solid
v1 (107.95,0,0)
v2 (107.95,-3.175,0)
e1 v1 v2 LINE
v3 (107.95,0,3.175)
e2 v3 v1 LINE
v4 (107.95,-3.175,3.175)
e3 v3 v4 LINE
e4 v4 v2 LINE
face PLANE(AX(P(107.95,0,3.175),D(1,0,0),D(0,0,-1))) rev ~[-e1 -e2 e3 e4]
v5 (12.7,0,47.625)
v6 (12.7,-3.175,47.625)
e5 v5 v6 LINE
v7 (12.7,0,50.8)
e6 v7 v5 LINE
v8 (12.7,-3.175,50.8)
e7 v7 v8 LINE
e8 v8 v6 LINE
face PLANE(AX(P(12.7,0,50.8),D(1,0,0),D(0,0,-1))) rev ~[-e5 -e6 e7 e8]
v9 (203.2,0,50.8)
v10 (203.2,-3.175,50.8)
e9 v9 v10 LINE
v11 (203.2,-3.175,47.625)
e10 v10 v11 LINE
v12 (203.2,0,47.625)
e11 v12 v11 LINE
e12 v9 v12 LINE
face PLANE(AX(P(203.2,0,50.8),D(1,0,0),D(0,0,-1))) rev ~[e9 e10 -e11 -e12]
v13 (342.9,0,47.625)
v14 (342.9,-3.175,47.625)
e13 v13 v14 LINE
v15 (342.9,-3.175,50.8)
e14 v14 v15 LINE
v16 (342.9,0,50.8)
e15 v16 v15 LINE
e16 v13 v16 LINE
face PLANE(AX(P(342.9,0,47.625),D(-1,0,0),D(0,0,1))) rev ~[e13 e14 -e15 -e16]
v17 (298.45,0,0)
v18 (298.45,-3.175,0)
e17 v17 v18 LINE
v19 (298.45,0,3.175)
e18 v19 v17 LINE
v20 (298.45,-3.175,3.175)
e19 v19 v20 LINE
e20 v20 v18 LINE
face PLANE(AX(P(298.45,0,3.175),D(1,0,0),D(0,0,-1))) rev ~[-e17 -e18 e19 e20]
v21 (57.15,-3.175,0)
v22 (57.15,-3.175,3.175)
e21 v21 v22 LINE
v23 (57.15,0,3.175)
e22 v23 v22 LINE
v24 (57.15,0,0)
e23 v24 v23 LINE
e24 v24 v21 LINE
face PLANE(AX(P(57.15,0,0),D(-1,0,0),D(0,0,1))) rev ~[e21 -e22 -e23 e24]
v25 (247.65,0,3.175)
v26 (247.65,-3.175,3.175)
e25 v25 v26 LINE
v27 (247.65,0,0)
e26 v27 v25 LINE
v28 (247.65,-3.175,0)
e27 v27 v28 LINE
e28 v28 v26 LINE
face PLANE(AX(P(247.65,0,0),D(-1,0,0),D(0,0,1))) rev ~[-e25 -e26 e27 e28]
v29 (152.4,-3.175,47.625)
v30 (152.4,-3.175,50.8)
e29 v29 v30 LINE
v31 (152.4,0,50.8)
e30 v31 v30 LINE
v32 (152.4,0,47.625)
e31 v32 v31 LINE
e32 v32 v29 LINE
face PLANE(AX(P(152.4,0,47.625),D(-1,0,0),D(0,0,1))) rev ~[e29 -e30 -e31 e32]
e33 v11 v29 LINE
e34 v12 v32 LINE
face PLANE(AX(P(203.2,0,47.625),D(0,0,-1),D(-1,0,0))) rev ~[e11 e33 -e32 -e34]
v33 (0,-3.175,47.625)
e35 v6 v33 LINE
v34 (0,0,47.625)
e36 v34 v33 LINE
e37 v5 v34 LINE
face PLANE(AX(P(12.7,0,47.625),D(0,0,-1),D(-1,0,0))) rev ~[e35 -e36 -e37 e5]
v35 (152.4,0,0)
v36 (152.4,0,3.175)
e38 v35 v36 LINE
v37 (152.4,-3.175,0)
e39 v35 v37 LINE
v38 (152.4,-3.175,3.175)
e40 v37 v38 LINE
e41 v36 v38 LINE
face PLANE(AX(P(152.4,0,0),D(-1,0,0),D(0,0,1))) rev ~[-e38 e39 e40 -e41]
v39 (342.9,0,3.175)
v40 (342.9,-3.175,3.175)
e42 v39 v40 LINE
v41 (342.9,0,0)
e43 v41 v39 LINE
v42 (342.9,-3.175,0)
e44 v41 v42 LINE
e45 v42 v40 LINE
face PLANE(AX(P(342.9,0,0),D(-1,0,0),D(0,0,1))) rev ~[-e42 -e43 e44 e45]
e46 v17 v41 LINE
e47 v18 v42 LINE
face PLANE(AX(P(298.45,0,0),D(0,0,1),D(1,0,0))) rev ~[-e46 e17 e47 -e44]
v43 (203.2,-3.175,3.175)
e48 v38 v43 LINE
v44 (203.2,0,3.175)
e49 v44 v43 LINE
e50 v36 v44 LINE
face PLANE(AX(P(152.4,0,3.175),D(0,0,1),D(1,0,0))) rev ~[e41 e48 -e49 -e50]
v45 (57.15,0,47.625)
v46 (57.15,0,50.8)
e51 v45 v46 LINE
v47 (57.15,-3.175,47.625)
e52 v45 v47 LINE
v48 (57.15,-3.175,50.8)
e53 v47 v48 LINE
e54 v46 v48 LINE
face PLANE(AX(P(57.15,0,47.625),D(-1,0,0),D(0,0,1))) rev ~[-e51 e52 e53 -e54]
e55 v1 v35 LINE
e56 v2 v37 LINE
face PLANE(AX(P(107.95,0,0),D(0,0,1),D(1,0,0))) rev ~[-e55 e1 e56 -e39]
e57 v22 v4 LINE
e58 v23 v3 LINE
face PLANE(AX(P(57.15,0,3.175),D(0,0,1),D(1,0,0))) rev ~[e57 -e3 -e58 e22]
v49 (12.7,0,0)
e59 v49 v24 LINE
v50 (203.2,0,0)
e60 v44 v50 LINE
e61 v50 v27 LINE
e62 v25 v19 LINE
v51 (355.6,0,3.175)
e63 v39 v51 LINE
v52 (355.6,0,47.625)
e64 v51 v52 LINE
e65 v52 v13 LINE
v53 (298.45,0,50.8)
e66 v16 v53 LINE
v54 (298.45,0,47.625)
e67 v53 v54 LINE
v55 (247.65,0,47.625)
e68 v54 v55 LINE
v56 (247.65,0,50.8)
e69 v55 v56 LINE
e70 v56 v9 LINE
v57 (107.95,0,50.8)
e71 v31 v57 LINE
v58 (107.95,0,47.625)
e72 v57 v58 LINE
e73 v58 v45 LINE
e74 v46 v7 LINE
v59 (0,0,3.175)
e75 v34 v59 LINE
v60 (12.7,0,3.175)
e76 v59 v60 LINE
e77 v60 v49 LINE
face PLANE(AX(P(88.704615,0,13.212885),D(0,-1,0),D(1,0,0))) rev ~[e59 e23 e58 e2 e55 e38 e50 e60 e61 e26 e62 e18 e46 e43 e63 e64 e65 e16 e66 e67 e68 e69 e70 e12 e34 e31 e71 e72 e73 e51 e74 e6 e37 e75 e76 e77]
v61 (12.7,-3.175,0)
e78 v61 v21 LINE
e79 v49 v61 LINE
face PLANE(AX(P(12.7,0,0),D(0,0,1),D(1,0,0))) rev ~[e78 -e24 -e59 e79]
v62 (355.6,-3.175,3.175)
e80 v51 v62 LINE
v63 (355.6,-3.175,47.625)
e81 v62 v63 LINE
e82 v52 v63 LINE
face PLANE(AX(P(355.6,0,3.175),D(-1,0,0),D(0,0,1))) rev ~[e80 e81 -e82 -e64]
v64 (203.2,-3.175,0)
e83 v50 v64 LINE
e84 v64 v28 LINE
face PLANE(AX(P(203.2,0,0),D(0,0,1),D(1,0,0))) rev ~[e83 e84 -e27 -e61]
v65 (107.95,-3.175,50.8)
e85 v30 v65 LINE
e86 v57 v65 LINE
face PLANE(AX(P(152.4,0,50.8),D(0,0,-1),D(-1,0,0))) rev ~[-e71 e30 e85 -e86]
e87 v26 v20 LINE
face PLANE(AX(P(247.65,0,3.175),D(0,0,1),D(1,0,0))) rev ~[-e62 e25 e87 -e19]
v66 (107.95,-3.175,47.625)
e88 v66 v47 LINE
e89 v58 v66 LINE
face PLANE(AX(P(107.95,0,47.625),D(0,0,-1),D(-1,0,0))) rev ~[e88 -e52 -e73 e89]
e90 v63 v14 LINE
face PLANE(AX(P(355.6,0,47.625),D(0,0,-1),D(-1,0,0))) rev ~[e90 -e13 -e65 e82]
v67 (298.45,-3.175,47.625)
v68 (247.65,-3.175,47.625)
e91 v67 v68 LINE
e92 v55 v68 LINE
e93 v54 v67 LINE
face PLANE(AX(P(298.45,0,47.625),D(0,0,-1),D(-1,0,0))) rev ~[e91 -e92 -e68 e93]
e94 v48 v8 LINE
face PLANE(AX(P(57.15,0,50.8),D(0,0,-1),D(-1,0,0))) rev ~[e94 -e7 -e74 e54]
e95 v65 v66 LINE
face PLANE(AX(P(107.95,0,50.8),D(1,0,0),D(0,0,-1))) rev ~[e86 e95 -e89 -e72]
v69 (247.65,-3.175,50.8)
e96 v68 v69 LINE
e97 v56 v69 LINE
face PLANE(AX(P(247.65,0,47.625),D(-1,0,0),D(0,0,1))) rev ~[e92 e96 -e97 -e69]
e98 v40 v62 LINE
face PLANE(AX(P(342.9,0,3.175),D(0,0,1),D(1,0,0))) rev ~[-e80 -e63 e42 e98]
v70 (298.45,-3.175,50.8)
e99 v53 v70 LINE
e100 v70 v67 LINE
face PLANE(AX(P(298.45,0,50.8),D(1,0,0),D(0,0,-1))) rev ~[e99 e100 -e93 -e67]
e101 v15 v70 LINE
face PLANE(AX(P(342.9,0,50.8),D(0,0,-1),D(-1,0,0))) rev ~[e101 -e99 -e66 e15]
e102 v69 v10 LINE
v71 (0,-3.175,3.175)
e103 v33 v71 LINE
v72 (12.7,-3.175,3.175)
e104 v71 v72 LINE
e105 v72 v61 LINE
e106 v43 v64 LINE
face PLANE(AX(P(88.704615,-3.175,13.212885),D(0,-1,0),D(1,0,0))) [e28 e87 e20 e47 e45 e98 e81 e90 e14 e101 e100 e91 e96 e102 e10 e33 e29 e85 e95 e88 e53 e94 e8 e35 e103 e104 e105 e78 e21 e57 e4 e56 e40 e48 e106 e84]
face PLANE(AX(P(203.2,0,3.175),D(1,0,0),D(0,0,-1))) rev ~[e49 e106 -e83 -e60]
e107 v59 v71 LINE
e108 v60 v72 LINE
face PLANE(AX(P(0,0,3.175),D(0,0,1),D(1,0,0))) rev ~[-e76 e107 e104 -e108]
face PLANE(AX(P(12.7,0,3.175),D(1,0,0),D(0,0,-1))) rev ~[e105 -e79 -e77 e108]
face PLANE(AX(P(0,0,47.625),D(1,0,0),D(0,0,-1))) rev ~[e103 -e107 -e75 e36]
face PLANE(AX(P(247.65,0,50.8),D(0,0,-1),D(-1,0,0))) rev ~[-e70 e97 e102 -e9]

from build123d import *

# Parameters (mm, degrees)
F1_DEPTH = 3.175


with BuildPart() as f1:
    # F0 (on Front) → F1 (new body)
    with BuildSketch(Plane.XZ):
        Polygon((12.7, 3.175), (12.7, 0), (57.15, 0), (57.15, 3.175), (107.95, 3.175), (107.95, 0), (152.4, 0), (152.4, 3.175), (177.8, 3.175), (177.8, 25.4), (0, 25.4), (0, 3.175), align=None)
        Polygon((0, 47.625), (0, 25.4), (177.8, 25.4), (177.8, 47.625), (152.4, 47.625), (152.4, 50.8), (107.95, 50.8), (107.95, 47.625), (57.15, 47.625), (57.15, 50.8), (12.7, 50.8), (12.7, 47.625), align=None)
        Polygon((355.6, 25.4), (177.8, 25.4), (177.8, 3.175), (203.2, 3.175), (203.2, 0), (247.65, 0), (247.65, 3.175), (298.45, 3.175), (298.45, 0), (342.9, 0), (342.9, 3.175), (355.6, 3.175), align=None)
        Polygon((177.8, 47.625), (177.8, 25.4), (355.6, 25.4), (355.6, 47.625), (342.9, 47.625), (342.9, 50.8), (298.45, 50.8), (298.45, 47.625), (247.65, 47.625), (247.65, 50.8), (203.2, 50.8), (203.2, 47.625), align=None)
    extrude(amount=F1_DEPTH)


solid = f1.part
